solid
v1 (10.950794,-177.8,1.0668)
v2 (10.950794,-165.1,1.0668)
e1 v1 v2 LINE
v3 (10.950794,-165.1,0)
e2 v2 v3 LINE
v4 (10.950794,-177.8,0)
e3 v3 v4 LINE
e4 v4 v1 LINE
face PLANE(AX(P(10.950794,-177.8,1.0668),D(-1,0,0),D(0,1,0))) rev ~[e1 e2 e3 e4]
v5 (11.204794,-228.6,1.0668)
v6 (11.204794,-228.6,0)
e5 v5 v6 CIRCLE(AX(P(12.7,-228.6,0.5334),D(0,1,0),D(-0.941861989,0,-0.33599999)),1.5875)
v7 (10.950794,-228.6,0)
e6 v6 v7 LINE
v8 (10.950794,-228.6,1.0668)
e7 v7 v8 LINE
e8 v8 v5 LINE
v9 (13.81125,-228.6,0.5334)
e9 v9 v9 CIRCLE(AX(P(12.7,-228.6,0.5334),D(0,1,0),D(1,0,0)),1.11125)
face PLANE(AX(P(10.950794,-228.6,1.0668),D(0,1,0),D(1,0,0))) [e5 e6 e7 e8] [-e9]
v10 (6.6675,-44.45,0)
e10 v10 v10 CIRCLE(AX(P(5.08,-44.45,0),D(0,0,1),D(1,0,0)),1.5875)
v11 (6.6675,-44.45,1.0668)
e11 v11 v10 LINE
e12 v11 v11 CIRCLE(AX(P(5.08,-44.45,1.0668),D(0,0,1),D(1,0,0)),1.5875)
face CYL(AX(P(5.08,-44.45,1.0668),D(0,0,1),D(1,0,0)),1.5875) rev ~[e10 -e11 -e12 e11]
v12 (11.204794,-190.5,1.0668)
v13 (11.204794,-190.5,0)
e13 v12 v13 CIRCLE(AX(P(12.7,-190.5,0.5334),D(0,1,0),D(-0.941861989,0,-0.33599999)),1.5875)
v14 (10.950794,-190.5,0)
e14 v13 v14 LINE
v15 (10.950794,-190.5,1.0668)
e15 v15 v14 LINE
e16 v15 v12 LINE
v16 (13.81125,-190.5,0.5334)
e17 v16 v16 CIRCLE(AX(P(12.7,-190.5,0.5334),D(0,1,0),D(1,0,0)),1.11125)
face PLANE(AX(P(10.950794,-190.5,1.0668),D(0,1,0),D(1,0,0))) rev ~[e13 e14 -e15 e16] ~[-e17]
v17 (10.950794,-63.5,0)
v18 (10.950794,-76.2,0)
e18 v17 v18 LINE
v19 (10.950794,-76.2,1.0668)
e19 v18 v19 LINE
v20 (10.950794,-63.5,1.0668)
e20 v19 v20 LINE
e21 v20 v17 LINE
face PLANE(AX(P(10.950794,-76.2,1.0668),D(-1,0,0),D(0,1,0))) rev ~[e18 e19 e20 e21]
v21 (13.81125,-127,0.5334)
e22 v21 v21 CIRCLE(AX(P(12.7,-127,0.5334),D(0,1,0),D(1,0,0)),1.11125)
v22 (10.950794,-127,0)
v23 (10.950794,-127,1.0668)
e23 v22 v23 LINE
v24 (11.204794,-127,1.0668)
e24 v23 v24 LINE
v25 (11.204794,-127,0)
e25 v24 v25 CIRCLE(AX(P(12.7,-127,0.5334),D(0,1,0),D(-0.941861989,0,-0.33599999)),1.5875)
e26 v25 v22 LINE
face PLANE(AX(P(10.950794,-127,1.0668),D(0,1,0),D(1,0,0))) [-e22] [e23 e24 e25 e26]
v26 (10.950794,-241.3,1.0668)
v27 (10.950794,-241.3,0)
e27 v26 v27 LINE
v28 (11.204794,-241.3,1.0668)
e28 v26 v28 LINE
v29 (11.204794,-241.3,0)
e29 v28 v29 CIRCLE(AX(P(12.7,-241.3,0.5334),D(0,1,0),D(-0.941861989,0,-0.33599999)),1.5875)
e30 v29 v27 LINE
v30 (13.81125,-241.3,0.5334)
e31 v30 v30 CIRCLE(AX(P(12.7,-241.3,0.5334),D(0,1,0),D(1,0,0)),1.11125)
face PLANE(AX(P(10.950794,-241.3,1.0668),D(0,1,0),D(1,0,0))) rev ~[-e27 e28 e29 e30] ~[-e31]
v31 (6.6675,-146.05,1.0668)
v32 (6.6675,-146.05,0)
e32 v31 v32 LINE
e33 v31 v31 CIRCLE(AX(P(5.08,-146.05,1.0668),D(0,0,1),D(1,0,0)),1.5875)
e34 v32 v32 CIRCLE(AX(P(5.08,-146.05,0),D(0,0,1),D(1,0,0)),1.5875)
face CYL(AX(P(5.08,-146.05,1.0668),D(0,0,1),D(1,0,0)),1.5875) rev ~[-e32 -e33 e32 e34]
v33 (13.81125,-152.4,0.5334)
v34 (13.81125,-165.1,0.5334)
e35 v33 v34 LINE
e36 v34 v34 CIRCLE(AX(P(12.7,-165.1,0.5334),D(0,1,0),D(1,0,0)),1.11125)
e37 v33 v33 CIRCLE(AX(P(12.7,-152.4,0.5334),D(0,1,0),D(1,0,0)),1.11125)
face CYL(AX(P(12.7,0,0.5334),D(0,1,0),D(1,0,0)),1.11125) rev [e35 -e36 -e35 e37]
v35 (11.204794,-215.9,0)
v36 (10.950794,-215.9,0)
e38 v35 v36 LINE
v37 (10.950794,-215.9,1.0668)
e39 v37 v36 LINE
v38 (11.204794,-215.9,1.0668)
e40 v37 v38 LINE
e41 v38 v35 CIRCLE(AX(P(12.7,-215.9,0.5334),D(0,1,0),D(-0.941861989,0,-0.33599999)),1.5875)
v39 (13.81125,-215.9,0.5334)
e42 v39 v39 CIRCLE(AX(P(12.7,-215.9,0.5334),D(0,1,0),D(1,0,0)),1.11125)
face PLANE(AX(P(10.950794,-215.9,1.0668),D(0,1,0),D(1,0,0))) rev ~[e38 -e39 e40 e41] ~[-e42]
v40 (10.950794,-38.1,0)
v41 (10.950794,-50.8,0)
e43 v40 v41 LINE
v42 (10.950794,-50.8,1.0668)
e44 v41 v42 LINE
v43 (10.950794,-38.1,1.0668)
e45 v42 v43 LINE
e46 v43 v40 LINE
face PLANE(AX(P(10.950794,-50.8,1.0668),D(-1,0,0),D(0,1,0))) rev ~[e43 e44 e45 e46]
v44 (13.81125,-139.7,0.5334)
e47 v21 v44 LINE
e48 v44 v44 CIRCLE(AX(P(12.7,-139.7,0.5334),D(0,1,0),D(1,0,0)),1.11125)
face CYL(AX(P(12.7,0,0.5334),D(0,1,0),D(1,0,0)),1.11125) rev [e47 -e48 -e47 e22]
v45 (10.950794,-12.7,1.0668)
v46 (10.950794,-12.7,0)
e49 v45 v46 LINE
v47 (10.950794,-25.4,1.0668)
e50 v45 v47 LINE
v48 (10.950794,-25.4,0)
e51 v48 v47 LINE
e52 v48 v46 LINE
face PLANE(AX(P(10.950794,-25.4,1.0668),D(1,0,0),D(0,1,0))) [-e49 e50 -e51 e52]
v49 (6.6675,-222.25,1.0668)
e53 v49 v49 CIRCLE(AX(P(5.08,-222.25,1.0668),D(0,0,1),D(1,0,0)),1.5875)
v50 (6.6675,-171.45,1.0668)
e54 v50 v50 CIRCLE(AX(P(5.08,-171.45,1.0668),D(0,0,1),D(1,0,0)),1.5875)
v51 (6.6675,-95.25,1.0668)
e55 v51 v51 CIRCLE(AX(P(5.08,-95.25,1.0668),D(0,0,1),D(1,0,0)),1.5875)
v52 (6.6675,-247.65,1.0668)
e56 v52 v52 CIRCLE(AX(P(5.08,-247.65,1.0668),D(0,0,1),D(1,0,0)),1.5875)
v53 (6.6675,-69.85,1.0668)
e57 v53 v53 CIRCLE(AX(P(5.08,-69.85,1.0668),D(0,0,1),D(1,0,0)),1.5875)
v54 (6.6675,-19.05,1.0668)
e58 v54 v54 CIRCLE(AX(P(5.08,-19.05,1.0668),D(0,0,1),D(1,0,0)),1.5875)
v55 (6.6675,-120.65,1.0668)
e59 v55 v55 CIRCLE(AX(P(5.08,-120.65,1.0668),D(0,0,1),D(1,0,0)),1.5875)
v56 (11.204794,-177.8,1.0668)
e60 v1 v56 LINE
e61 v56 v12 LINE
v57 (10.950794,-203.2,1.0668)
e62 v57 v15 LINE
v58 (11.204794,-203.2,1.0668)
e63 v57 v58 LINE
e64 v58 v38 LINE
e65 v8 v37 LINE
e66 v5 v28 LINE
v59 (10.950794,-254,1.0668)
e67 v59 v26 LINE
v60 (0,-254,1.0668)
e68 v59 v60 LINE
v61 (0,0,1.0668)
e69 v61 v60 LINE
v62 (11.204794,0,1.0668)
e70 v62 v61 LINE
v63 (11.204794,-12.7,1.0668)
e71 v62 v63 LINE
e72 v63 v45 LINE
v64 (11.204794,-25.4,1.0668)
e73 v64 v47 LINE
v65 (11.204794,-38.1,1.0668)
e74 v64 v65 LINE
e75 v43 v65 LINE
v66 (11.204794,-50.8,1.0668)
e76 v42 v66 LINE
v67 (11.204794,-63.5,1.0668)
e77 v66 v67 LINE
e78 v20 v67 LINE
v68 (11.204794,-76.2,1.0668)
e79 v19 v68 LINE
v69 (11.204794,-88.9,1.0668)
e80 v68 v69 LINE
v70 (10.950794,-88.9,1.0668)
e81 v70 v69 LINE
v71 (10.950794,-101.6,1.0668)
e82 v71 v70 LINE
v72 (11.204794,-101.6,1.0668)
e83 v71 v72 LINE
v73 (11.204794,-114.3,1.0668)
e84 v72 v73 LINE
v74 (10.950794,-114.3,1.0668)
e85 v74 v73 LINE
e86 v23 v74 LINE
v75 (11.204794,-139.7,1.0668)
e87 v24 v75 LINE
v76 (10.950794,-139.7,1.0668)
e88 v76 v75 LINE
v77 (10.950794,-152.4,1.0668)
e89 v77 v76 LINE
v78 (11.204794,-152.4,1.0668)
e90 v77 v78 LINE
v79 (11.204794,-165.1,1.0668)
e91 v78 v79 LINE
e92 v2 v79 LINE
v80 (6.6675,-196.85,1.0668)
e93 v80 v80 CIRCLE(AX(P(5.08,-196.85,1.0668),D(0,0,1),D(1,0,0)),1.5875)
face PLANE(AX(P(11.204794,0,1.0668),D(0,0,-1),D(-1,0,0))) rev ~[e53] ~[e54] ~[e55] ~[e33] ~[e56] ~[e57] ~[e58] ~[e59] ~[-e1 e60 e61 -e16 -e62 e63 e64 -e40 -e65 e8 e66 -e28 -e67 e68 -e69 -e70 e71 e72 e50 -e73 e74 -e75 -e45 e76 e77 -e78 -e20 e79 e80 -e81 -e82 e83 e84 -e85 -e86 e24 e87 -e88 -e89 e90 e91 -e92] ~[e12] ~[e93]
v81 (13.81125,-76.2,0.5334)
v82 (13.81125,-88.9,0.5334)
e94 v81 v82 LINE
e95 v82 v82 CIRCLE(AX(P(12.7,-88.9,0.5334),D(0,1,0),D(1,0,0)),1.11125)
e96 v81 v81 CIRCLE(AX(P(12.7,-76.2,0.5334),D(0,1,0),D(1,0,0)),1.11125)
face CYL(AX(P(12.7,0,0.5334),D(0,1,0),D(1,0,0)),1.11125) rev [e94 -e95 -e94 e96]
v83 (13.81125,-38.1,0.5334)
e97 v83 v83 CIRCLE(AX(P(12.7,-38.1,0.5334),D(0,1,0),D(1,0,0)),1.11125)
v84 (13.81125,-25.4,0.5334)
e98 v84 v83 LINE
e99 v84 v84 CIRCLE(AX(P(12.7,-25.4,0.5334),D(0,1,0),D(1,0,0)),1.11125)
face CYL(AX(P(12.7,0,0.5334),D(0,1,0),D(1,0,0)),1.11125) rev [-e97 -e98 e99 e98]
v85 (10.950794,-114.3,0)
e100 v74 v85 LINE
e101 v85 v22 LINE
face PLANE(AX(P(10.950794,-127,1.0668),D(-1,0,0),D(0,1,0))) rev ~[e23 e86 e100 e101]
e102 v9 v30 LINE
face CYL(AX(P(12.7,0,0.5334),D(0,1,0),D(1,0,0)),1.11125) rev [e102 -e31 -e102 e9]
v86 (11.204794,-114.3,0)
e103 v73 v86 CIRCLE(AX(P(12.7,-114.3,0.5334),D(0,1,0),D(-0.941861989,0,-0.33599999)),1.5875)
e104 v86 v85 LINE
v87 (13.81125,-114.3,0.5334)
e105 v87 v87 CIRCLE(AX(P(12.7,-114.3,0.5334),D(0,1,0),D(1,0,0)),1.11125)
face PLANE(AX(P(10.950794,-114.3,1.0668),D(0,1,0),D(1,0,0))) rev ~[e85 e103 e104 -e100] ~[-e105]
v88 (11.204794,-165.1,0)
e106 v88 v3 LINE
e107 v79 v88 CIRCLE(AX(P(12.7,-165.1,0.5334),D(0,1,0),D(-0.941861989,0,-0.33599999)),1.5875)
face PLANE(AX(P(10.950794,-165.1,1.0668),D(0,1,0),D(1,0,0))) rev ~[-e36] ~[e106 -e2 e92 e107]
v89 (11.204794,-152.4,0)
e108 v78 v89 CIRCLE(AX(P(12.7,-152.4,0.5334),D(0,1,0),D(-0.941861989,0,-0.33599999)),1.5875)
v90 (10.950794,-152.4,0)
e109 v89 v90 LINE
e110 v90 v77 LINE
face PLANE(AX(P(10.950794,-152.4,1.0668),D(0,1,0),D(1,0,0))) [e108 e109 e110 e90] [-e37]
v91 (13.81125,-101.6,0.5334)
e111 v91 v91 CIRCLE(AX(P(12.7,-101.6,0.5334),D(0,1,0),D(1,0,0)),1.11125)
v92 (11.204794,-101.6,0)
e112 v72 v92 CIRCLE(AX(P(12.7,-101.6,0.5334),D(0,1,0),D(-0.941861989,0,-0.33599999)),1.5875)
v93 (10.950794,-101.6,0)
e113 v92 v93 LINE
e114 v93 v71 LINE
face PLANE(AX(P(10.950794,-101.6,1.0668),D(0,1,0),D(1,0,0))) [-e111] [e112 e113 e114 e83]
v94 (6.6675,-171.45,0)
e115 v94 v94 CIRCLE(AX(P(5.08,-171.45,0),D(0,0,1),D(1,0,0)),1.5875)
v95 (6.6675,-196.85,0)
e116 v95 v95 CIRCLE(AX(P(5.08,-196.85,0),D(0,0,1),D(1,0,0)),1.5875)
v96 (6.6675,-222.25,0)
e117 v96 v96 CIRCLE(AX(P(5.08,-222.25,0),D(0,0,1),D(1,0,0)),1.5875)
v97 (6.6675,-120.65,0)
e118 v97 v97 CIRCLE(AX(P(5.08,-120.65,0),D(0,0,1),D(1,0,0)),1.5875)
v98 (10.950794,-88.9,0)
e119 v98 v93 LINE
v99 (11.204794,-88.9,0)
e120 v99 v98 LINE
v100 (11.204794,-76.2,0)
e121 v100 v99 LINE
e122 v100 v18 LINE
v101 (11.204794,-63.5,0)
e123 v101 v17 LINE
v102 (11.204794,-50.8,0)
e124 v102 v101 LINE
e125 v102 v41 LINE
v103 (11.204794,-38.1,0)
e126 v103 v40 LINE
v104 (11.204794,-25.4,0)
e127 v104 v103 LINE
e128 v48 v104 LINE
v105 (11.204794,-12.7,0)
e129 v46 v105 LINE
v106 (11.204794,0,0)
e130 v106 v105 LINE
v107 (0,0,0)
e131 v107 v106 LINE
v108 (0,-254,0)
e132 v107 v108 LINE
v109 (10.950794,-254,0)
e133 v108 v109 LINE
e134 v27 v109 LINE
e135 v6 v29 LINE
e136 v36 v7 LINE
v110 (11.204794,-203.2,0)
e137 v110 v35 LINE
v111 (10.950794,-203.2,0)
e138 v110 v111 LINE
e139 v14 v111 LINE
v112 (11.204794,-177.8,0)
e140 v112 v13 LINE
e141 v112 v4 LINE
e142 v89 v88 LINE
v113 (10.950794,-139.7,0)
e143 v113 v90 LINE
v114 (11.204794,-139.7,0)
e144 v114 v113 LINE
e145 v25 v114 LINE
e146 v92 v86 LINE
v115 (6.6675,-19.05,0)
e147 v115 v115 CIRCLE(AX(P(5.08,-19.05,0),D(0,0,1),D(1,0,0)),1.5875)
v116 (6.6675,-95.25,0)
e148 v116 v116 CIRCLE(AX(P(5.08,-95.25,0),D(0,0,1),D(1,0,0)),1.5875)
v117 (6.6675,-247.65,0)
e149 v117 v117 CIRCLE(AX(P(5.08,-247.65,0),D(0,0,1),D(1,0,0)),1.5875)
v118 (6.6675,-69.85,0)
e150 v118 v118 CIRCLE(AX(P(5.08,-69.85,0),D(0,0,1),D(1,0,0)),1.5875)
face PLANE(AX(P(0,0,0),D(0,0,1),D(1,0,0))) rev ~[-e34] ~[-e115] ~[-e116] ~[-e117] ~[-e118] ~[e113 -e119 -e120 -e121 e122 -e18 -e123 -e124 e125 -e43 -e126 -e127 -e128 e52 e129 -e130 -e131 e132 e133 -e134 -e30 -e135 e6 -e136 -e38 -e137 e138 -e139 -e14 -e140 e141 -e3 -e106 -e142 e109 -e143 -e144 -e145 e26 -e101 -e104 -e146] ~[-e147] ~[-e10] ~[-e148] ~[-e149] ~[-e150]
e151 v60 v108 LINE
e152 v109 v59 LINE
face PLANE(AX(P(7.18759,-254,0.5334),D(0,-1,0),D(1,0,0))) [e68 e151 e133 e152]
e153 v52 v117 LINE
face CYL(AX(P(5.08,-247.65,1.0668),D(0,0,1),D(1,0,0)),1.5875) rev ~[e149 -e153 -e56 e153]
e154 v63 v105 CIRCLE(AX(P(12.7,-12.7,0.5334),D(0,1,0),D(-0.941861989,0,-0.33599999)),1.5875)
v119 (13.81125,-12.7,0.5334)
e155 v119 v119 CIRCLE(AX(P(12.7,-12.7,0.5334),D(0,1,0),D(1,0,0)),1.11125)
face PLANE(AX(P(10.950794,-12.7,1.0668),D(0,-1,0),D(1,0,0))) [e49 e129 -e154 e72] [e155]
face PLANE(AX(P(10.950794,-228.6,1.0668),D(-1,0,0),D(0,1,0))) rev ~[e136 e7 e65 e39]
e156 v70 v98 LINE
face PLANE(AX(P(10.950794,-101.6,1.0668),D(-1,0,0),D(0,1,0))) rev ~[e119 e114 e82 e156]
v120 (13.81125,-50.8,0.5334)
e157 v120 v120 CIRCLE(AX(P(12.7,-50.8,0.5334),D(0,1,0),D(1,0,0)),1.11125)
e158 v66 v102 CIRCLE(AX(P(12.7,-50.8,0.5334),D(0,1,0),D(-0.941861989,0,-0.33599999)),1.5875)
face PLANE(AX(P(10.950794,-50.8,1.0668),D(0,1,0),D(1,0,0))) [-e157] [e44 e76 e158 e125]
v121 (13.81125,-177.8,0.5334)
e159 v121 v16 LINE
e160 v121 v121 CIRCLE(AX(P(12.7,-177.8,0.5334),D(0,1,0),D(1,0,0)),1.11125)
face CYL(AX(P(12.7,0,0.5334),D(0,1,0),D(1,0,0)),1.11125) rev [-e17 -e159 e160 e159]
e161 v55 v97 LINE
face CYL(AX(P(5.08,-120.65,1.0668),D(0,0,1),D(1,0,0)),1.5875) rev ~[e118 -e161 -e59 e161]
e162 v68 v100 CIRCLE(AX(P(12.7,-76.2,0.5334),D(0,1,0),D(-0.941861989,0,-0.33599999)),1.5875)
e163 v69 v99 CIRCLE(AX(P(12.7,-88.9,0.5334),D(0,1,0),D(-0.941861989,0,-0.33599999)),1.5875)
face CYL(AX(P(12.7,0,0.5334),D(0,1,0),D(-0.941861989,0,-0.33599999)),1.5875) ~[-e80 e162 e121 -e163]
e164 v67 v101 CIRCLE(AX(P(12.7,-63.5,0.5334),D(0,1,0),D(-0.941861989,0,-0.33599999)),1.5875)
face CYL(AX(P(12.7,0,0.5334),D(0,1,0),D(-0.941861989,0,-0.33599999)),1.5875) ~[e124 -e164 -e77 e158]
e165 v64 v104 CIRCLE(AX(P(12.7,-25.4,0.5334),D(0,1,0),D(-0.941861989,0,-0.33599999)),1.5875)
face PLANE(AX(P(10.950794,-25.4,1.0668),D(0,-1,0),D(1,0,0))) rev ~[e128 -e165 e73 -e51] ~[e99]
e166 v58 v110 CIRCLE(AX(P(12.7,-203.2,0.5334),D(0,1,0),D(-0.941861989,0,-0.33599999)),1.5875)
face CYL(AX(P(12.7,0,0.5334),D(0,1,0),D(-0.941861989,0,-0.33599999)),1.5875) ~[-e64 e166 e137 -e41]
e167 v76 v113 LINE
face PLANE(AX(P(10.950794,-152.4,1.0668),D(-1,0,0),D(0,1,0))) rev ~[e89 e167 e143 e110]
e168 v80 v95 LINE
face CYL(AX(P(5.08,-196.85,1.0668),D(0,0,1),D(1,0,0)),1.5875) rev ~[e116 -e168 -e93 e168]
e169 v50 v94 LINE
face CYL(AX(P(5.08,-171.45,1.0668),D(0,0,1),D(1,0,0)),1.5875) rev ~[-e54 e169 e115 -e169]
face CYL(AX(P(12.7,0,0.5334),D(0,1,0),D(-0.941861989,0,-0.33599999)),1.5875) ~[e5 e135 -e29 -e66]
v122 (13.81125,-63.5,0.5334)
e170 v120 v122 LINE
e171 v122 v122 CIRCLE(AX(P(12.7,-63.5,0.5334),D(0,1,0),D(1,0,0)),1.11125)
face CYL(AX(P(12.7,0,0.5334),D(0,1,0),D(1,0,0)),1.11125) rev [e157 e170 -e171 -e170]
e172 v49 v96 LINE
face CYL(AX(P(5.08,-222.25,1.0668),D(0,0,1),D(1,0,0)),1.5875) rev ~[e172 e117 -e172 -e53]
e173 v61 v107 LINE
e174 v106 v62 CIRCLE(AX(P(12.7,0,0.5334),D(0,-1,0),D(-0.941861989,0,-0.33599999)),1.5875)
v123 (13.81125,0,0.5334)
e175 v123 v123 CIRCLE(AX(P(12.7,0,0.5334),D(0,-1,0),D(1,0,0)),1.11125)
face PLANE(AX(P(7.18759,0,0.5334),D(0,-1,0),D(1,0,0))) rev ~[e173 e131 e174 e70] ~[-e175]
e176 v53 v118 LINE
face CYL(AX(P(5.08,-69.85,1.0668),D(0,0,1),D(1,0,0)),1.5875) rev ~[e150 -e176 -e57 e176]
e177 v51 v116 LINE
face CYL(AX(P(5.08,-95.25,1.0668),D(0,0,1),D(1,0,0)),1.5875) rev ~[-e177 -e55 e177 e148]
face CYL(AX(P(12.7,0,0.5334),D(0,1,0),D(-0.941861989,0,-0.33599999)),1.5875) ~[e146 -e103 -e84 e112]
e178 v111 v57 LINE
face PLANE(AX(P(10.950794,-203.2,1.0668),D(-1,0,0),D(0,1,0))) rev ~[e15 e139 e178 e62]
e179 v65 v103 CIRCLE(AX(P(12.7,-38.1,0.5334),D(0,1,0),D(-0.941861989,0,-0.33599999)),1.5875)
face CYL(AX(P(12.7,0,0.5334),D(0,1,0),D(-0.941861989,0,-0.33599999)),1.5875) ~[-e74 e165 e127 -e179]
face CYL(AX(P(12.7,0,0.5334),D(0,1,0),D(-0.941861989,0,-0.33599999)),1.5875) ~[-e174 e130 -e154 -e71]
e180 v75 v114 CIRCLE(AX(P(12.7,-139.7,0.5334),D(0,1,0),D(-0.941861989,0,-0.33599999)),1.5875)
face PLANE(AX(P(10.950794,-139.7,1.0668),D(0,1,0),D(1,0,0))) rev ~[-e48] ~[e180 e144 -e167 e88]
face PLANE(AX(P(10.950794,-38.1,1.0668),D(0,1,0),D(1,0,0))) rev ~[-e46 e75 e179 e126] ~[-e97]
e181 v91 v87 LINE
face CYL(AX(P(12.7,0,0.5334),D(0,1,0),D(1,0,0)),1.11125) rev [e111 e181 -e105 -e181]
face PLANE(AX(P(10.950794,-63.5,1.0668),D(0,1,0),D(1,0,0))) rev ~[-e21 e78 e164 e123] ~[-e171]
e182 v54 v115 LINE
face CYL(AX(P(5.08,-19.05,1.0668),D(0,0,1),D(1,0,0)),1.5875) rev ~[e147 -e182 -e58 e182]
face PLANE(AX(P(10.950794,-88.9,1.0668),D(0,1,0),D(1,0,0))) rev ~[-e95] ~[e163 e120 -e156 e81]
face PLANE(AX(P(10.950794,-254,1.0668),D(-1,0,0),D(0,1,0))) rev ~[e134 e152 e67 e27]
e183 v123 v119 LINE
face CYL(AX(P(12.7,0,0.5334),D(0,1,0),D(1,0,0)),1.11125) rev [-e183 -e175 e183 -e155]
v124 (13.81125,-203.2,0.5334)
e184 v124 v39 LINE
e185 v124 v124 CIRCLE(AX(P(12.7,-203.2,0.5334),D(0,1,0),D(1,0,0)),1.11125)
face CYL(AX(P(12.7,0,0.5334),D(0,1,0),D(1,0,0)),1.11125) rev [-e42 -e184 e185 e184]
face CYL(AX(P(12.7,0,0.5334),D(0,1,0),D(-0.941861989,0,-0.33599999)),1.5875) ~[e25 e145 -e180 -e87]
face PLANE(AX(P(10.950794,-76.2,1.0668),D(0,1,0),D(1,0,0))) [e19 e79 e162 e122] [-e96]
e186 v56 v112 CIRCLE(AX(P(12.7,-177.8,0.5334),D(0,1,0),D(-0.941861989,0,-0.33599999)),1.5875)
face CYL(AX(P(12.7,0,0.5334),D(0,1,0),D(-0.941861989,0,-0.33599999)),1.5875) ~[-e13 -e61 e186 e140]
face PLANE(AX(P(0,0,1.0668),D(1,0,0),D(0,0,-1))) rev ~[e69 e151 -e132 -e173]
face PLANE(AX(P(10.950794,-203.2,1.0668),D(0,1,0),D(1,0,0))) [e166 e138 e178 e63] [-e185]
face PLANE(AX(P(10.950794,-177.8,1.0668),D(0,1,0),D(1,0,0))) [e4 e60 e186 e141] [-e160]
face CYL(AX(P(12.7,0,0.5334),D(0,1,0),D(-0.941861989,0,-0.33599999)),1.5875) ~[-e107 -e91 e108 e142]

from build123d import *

# Parameters (mm, degrees)
F0_R     = 1.11125
F1_DEPTH = 254
F2_W     = 3.7465
F2_H     = 12.7
F3_DEPTH = 12.7
F4_R     = 1.5875
F5_DEPTH = 25.4


with BuildPart() as f1:
    # F0 (on Front) → F1 (new body)
    with BuildSketch(Plane.XZ):
        with BuildLine():
            Line((0, 1.0668), (0, 0))
            Line((0, 0), (11.204794, 0))
            ThreePointArc((11.204794, 0), (14.2875, 0.5334), (11.204794, 1.0668))
            Line((11.204794, 1.0668), (0, 1.0668))
        make_face()
        with Locations((12.7, 0.5334)):
            Circle(F0_R, mode=Mode.SUBTRACT)
    extrude(amount=F1_DEPTH)

    # F2 (on face) → F3 (cut, symmetric)
    with BuildSketch(Plane.XY.offset(1.0668)):
        with Locations((12.824044, -247.65)):
            Rectangle(F2_W, F2_H)
        with Locations((12.824044, -222.25)):
            Rectangle(F2_W, F2_H)
        with Locations((12.824044, -196.85)):
            Rectangle(F2_W, F2_H)
        with Locations((12.824044, -171.45)):
            Rectangle(F2_W, F2_H)
        with Locations((12.824044, -146.05)):
            Rectangle(F2_W, F2_H)
        with Locations((12.824044, -120.65)):
            Rectangle(F2_W, F2_H)
        with Locations((12.824044, -95.25)):
            Rectangle(F2_W, F2_H)
        with Locations((12.824044, -69.85)):
            Rectangle(F2_W, F2_H)
        with Locations((12.824044, -44.45)):
            Rectangle(F2_W, F2_H)
        with Locations((12.824044, -19.05)):
            Rectangle(F2_W, F2_H)
    extrude(amount=F3_DEPTH, both=True, mode=Mode.SUBTRACT)

    # F4 (on face) → F5 (cut)
    with BuildSketch(Plane.XY.offset(1.0668)):
        with Locations((5.08, -247.65)):
            Circle(F4_R)
        with Locations((5.08, -222.25)):
            Circle(F4_R)
        with Locations((5.08, -196.85)):
            Circle(F4_R)
        with Locations((5.08, -171.45)):
            Circle(F4_R)
        with Locations((5.08, -146.05)):
            Circle(F4_R)
        with Locations((5.08, -120.65)):
            Circle(F4_R)
        with Locations((5.08, -95.25)):
            Circle(F4_R)
        with Locations((5.08, -69.85)):
            Circle(F4_R)
        with Locations((5.08, -44.45)):
            Circle(F4_R)
        with Locations((5.08, -19.05)):
            Circle(F4_R)
    extrude(amount=-F5_DEPTH, mode=Mode.SUBTRACT)


solid = f1.part
